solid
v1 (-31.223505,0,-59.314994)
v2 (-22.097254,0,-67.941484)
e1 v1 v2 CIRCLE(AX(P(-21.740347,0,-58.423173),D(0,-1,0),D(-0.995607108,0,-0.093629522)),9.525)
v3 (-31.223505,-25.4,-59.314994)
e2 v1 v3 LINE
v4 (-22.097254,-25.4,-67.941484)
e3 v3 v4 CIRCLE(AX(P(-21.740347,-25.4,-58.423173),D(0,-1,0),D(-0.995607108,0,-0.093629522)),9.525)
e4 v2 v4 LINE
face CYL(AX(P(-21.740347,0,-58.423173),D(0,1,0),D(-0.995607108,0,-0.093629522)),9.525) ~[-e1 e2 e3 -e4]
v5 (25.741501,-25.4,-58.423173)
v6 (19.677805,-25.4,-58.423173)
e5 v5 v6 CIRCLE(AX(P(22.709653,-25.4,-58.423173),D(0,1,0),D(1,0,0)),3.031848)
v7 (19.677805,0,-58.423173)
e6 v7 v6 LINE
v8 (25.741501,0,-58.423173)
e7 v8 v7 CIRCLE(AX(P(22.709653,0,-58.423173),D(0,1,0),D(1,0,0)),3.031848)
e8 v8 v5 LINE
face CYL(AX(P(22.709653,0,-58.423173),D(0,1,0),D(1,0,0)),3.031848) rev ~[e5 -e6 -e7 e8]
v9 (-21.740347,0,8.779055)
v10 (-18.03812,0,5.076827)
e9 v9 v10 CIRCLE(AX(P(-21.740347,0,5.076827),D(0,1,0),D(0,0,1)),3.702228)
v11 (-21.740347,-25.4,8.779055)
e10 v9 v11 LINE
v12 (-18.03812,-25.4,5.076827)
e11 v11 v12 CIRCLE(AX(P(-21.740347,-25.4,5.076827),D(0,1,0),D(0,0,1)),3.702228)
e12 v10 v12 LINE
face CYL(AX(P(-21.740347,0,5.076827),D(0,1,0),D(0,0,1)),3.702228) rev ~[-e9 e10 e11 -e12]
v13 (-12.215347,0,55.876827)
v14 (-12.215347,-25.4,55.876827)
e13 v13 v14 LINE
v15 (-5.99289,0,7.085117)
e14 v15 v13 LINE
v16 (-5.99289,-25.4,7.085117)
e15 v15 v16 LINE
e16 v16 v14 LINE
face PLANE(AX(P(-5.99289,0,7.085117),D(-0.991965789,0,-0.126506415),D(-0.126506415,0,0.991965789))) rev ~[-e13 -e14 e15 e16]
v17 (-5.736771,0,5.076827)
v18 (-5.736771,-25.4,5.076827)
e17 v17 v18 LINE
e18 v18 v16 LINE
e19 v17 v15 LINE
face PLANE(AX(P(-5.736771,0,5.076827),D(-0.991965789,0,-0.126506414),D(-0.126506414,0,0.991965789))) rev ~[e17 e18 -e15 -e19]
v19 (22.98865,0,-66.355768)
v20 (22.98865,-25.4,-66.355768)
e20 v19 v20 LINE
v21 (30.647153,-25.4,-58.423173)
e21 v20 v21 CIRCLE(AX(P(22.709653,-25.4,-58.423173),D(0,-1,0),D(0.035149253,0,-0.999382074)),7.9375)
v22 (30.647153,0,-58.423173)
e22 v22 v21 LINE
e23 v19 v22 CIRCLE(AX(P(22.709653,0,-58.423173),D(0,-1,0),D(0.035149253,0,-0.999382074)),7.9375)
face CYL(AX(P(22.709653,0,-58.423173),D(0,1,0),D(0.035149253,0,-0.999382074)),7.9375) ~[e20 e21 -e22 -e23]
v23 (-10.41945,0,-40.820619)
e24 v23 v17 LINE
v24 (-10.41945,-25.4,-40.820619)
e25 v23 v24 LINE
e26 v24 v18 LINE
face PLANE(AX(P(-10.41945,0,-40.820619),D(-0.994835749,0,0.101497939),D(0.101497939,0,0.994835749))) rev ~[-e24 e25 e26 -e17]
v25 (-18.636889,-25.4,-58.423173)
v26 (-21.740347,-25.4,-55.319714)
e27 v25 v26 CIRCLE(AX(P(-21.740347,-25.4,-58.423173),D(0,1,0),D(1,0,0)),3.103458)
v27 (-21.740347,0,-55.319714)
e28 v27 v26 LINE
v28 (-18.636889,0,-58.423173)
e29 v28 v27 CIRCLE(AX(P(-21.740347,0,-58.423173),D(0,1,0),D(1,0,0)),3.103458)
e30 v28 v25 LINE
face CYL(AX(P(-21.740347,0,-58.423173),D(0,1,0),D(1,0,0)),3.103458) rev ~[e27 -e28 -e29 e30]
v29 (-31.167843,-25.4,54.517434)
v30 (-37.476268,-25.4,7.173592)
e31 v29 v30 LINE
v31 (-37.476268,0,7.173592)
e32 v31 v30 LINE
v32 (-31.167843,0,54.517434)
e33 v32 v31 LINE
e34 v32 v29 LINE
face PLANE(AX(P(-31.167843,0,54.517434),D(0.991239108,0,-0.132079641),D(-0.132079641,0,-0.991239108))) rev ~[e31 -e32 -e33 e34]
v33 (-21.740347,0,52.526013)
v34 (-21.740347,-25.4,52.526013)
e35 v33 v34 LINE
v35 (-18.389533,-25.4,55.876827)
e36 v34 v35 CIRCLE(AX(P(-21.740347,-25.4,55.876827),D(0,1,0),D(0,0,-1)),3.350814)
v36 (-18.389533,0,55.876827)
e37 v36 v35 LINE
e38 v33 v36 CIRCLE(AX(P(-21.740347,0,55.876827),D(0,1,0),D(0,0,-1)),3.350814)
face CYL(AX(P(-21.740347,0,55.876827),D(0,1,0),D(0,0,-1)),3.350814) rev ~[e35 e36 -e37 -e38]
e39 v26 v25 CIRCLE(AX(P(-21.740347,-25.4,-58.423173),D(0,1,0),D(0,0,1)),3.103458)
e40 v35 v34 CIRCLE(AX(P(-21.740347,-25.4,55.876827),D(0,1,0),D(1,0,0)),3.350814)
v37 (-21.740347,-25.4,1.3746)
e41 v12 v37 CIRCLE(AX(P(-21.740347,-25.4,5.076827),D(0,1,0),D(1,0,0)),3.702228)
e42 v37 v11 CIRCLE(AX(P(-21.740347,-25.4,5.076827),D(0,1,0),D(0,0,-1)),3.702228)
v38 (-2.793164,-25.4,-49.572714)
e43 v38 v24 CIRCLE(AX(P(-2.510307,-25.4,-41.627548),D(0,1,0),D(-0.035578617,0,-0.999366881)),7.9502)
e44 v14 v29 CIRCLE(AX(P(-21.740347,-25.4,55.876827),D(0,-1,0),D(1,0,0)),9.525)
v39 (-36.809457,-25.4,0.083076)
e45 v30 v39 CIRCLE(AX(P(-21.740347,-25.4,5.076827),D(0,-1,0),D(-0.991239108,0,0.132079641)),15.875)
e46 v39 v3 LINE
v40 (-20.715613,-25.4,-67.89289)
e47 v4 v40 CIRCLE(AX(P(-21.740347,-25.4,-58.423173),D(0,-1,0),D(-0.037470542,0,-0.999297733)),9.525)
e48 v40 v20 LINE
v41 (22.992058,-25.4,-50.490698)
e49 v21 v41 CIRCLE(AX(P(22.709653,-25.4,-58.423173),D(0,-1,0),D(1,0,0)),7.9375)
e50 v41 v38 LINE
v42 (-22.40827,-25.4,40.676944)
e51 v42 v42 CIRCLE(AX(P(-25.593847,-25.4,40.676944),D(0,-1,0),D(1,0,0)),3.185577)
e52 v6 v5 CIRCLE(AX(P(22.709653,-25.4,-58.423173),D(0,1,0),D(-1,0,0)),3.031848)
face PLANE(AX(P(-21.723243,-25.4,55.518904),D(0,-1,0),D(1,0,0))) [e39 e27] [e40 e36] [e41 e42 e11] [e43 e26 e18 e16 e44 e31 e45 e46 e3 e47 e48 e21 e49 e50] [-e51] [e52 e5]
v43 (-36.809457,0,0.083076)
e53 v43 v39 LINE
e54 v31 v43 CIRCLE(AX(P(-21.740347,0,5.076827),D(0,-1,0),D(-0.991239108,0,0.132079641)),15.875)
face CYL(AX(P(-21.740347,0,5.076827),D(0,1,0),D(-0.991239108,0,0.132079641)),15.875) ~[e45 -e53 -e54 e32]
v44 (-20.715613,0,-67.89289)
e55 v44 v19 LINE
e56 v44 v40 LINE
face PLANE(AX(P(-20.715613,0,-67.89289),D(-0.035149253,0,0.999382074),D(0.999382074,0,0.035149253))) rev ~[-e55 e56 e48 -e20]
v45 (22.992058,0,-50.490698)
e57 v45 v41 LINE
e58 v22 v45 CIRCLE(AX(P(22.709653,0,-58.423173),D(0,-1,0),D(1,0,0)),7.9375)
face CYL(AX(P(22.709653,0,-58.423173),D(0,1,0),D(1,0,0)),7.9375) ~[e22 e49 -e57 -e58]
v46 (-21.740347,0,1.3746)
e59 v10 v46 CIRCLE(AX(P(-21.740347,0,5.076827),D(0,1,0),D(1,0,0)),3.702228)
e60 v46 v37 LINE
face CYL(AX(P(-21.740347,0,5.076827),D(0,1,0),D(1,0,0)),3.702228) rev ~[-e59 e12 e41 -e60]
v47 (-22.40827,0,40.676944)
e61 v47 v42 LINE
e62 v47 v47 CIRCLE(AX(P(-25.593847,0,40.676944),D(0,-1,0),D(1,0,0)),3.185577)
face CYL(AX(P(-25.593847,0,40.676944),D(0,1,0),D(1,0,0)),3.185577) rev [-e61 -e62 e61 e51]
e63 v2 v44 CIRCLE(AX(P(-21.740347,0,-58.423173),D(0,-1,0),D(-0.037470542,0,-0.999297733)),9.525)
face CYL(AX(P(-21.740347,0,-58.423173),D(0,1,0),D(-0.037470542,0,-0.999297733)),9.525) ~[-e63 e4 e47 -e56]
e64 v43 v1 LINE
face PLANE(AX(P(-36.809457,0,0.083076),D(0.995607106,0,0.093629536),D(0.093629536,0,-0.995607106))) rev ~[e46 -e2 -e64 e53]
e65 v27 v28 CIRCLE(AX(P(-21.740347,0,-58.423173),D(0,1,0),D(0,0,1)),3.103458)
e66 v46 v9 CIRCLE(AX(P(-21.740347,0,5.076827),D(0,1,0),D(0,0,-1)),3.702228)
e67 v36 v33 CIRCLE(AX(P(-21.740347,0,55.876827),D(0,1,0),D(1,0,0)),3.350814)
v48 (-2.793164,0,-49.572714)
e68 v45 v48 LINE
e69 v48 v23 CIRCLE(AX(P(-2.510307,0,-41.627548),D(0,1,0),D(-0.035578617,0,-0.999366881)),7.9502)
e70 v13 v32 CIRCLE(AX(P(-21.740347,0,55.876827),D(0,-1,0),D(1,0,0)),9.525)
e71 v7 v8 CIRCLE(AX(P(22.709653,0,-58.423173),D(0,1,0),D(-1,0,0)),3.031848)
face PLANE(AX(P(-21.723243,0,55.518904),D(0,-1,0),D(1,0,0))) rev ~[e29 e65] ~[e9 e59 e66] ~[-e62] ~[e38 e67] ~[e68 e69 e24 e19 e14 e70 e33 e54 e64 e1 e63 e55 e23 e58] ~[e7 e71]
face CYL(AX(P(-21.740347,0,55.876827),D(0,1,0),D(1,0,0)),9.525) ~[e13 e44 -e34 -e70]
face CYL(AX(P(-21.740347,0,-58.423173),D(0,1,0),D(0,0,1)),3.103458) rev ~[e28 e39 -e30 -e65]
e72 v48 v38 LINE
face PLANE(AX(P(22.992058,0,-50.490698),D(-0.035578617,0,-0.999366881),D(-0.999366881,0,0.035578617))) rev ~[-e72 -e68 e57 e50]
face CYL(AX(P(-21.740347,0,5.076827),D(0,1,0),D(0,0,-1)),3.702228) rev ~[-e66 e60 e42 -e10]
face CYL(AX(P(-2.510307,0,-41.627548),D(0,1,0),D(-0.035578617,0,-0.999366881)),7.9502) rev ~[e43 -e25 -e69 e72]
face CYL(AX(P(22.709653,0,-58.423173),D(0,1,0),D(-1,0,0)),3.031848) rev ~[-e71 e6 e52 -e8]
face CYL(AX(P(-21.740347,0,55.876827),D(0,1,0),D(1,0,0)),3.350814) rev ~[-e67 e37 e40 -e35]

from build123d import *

# Parameters (mm, degrees)
F0_R     = 3.1855771379
F1_DEPTH = 25.4


with BuildPart() as f1:
    # F0 (on Front) → F1 (new body)
    with BuildSketch(Plane.XZ):
        with BuildLine():
            ThreePointArc((-31.1678428264, 54.5174340067), (-27.9764278187, 48.6770409204), (-21.7403471295, 46.3518272115))
            ThreePointArc((-21.7403471295, 46.3518272115), (-15.0051550387, 49.1416351207), (-12.2153471295, 55.8768272115))
            ThreePointArc((-12.2153471295, 55.8768272115), (-22.4217898956, 65.3774198644), (-31.1678428264, 54.5174340067))
        make_face()
        with BuildLine():
            ThreePointArc((-18.3895327857, 55.8768272115), (-19.3709635845, 53.5074436665), (-21.7403471295, 52.5260128678))
            ThreePointArc((-21.7403471295, 52.5260128678), (-24.1097306744, 58.2462107565), (-18.3895327857, 55.8768272115))
        make_face(mode=Mode.SUBTRACT)
        with BuildLine():
            ThreePointArc((-12.2153471295, 55.8768272115), (-15.0051550387, 49.1416351207), (-21.7403471295, 46.3518272115))
            Line((-21.7403471295, 46.3518272115), (-21.7403471295, 20.9518272115))
            ThreePointArc((-21.7403471295, 20.9518272115), (-11.2490643743, 16.991046076), (-5.9928902583, 7.0851168053))
            Line((-5.9928902583, 7.0851168053), (-12.2153471295, 55.8768272115))
        make_face()
        with BuildLine():
            Line((-21.7403471295, 20.9518272115), (-21.7403471295, 46.3518272115))
            ThreePointArc((-21.7403471295, 46.3518272115), (-27.9764278187, 48.6770409204), (-31.1678428264, 54.5174340067))
            Line((-31.1678428264, 54.5174340067), (-37.4762679634, 7.1735915065))
            ThreePointArc((-37.4762679634, 7.1735915065), (-32.1981072103, 17.0204815556), (-21.7403471295, 20.9518272115))
        make_face()
        with Locations((-25.5938470364, 40.6769439578)):
            Circle(F0_R, mode=Mode.SUBTRACT)
        with BuildLine():
            ThreePointArc((-5.9928902583, 7.0851168053), (-11.2490643743, 16.991046076), (-21.7403471295, 20.9518272115))
            Line((-21.7403471295, 20.9518272115), (-21.7403471295, 8.7790547816))
            ThreePointArc((-21.7403471295, 8.7790547816), (-19.1224769092, 7.6946974318), (-18.0381195594, 5.0768272115))
            ThreePointArc((-18.0381195594, 5.0768272115), (-19.1224769092, 2.4589569912), (-21.7403471295, 1.3745996414))
            Line((-21.7403471295, 1.3745996414), (-21.7403471295, -10.7981727885))
            ThreePointArc((-21.7403471295, -10.7981727885), (-10.5150269781, -6.1484929398), (-5.8653471295, 5.0768272115))
            ThreePointArc((-5.8653471295, 5.0768272115), (-5.8972649983, 6.0829949836), (-5.9928902583, 7.0851168053))
        make_face()
        with BuildLine():
            Line((-21.7403471295, 8.7790547816), (-21.7403471295, 20.9518272115))
            ThreePointArc((-21.7403471295, 20.9518272115), (-32.1981072103, 17.0204815556), (-37.4762679634, 7.1735915065))
            Line((-37.4762679634, 7.1735915065), (-36.8094570591, 0.0830760233))
            ThreePointArc((-36.8094570591, 0.0830760233), (-31.0338885666, -7.7935151521), (-21.7403471295, -10.7981727885))
            Line((-21.7403471295, -10.7981727885), (-21.7403471295, 1.3745996414))
            ThreePointArc((-21.7403471295, 1.3745996414), (-25.4425746995, 5.0768272115), (-21.7403471295, 8.7790547816))
        make_face()
        with BuildLine():
            Line((-5.7367710267, 5.0768272115), (-5.9928902583, 7.0851168053))
            ThreePointArc((-5.9928902583, 7.0851168053), (-5.8972649983, 6.0829949836), (-5.8653471295, 5.0768272115))
            ThreePointArc((-5.8653471295, 5.0768272115), (-10.5150269781, -6.1484929398), (-21.7403471295, -10.7981727885))
            Line((-21.7403471295, -10.7981727885), (-21.7403471295, -48.8981727885))
            ThreePointArc((-21.7403471295, -48.8981727885), (-15.0051550387, -51.6879806977), (-12.2153471295, -58.4231727885))
            Line((-12.2153471295, -58.4231727885), (14.7721528705, -58.4231727885))
            ThreePointArc((14.7721528705, -58.4231727885), (17.1977423858, -52.7115400046), (22.9920581451, -50.4906981739))
            Line((22.9920581451, -50.4906981739), (-2.7931636815, -49.5727144421))
            ThreePointArc((-2.7931636815, -49.5727144421), (-8.504221062, -46.8504463895), (-10.419449734, -40.8206189552))
            Line((-10.419449734, -40.8206189552), (-5.7367710267, 5.0768272115))
        make_face()
        with BuildLine():
            Line((-36.8094570591, 0.0830760233), (-37.4762679634, 7.1735915065))
            ThreePointArc((-37.4762679634, 7.1735915065), (-37.5456099409, 3.5904583272), (-36.8094570591, 0.0830760233))
        make_face()
        with BuildLine():
            ThreePointArc((-21.7403471295, -10.7981727885), (-31.0338885666, -7.7935151521), (-36.8094570591, 0.0830760233))
            Line((-36.8094570591, 0.0830760233), (-31.2235048291, -59.3149939833))
            ThreePointArc((-31.2235048291, -59.3149939833), (-28.7837916661, -52.0110347629), (-21.7403471295, -48.8981727885))
            Line((-21.7403471295, -48.8981727885), (-21.7403471295, -10.7981727885))
        make_face()
        with BuildLine():
            ThreePointArc((-21.7403471295, -48.8981727885), (-28.7837916661, -52.0110347629), (-31.2235048291, -59.3149939833))
            ThreePointArc((-31.2235048291, -59.3149939833), (-28.283343315, -65.3452263794), (-22.0972540458, -67.9414836919))
            Line((-22.0972540458, -67.9414836919), (-20.7156125473, -67.8928899984))
            ThreePointArc((-20.7156125473, -67.8928899984), (-14.652109623, -64.7857598451), (-12.2153471295, -58.4231727885))
            Line((-12.2153471295, -58.4231727885), (-18.636888805, -58.4231727885))
            ThreePointArc((-18.636888805, -58.4231727885), (-23.9348235559, -60.6176492149), (-21.7403471295, -55.319714464))
            Line((-21.7403471295, -55.319714464), (-21.7403471295, -48.8981727885))
        make_face()
        with BuildLine():
            Line((-20.7156125473, -67.8928899984), (-22.0972540458, -67.9414836919))
            ThreePointArc((-22.0972540458, -67.9414836919), (-21.4055504978, -67.9422870443), (-20.7156125473, -67.8928899984))
        make_face()
        with BuildLine():
            Line((14.7721528705, -58.4231727885), (-12.2153471295, -58.4231727885))
            ThreePointArc((-12.2153471295, -58.4231727885), (-14.652109623, -64.7857598451), (-20.7156125473, -67.8928899984))
            Line((-20.7156125473, -67.8928899984), (22.9886500636, -66.3557680017))
            ThreePointArc((22.9886500636, -66.3557680017), (17.1965155591, -64.1336213904), (14.7721528705, -58.4231727885))
        make_face()
        with BuildLine():
            ThreePointArc((30.6471528705, -58.4231727885), (28.4212856545, -52.9112623038), (22.9920581451, -50.4906981739))
            ThreePointArc((22.9920581451, -50.4906981739), (17.1977423858, -52.7115400046), (14.7721528705, -58.4231727885))
            ThreePointArc((14.7721528705, -58.4231727885), (17.1965155591, -64.1336213904), (22.9886500636, -66.3557680017))
            ThreePointArc((22.9886500636, -66.3557680017), (28.4201014724, -63.9363101), (30.6471528705, -58.4231727885))
        make_face()
        with BuildLine():
            ThreePointArc((25.7415006907, -58.4231727885), (22.7096528705, -61.4550206087), (19.6778050504, -58.4231727885))
            ThreePointArc((19.6778050504, -58.4231727885), (22.7096528705, -55.3913249683), (25.7415006907, -58.4231727885))
        make_face(mode=Mode.SUBTRACT)
        with BuildLine():
            ThreePointArc((-12.2153471295, -58.4231727885), (-15.0051550387, -51.6879806977), (-21.7403471295, -48.8981727885))
            Line((-21.7403471295, -48.8981727885), (-21.7403471295, -55.319714464))
            ThreePointArc((-21.7403471295, -55.319714464), (-19.5458707031, -56.2286963621), (-18.636888805, -58.4231727885))
            Line((-18.636888805, -58.4231727885), (-12.2153471295, -58.4231727885))
        make_face()
    extrude(amount=F1_DEPTH)


solid = f1.part
